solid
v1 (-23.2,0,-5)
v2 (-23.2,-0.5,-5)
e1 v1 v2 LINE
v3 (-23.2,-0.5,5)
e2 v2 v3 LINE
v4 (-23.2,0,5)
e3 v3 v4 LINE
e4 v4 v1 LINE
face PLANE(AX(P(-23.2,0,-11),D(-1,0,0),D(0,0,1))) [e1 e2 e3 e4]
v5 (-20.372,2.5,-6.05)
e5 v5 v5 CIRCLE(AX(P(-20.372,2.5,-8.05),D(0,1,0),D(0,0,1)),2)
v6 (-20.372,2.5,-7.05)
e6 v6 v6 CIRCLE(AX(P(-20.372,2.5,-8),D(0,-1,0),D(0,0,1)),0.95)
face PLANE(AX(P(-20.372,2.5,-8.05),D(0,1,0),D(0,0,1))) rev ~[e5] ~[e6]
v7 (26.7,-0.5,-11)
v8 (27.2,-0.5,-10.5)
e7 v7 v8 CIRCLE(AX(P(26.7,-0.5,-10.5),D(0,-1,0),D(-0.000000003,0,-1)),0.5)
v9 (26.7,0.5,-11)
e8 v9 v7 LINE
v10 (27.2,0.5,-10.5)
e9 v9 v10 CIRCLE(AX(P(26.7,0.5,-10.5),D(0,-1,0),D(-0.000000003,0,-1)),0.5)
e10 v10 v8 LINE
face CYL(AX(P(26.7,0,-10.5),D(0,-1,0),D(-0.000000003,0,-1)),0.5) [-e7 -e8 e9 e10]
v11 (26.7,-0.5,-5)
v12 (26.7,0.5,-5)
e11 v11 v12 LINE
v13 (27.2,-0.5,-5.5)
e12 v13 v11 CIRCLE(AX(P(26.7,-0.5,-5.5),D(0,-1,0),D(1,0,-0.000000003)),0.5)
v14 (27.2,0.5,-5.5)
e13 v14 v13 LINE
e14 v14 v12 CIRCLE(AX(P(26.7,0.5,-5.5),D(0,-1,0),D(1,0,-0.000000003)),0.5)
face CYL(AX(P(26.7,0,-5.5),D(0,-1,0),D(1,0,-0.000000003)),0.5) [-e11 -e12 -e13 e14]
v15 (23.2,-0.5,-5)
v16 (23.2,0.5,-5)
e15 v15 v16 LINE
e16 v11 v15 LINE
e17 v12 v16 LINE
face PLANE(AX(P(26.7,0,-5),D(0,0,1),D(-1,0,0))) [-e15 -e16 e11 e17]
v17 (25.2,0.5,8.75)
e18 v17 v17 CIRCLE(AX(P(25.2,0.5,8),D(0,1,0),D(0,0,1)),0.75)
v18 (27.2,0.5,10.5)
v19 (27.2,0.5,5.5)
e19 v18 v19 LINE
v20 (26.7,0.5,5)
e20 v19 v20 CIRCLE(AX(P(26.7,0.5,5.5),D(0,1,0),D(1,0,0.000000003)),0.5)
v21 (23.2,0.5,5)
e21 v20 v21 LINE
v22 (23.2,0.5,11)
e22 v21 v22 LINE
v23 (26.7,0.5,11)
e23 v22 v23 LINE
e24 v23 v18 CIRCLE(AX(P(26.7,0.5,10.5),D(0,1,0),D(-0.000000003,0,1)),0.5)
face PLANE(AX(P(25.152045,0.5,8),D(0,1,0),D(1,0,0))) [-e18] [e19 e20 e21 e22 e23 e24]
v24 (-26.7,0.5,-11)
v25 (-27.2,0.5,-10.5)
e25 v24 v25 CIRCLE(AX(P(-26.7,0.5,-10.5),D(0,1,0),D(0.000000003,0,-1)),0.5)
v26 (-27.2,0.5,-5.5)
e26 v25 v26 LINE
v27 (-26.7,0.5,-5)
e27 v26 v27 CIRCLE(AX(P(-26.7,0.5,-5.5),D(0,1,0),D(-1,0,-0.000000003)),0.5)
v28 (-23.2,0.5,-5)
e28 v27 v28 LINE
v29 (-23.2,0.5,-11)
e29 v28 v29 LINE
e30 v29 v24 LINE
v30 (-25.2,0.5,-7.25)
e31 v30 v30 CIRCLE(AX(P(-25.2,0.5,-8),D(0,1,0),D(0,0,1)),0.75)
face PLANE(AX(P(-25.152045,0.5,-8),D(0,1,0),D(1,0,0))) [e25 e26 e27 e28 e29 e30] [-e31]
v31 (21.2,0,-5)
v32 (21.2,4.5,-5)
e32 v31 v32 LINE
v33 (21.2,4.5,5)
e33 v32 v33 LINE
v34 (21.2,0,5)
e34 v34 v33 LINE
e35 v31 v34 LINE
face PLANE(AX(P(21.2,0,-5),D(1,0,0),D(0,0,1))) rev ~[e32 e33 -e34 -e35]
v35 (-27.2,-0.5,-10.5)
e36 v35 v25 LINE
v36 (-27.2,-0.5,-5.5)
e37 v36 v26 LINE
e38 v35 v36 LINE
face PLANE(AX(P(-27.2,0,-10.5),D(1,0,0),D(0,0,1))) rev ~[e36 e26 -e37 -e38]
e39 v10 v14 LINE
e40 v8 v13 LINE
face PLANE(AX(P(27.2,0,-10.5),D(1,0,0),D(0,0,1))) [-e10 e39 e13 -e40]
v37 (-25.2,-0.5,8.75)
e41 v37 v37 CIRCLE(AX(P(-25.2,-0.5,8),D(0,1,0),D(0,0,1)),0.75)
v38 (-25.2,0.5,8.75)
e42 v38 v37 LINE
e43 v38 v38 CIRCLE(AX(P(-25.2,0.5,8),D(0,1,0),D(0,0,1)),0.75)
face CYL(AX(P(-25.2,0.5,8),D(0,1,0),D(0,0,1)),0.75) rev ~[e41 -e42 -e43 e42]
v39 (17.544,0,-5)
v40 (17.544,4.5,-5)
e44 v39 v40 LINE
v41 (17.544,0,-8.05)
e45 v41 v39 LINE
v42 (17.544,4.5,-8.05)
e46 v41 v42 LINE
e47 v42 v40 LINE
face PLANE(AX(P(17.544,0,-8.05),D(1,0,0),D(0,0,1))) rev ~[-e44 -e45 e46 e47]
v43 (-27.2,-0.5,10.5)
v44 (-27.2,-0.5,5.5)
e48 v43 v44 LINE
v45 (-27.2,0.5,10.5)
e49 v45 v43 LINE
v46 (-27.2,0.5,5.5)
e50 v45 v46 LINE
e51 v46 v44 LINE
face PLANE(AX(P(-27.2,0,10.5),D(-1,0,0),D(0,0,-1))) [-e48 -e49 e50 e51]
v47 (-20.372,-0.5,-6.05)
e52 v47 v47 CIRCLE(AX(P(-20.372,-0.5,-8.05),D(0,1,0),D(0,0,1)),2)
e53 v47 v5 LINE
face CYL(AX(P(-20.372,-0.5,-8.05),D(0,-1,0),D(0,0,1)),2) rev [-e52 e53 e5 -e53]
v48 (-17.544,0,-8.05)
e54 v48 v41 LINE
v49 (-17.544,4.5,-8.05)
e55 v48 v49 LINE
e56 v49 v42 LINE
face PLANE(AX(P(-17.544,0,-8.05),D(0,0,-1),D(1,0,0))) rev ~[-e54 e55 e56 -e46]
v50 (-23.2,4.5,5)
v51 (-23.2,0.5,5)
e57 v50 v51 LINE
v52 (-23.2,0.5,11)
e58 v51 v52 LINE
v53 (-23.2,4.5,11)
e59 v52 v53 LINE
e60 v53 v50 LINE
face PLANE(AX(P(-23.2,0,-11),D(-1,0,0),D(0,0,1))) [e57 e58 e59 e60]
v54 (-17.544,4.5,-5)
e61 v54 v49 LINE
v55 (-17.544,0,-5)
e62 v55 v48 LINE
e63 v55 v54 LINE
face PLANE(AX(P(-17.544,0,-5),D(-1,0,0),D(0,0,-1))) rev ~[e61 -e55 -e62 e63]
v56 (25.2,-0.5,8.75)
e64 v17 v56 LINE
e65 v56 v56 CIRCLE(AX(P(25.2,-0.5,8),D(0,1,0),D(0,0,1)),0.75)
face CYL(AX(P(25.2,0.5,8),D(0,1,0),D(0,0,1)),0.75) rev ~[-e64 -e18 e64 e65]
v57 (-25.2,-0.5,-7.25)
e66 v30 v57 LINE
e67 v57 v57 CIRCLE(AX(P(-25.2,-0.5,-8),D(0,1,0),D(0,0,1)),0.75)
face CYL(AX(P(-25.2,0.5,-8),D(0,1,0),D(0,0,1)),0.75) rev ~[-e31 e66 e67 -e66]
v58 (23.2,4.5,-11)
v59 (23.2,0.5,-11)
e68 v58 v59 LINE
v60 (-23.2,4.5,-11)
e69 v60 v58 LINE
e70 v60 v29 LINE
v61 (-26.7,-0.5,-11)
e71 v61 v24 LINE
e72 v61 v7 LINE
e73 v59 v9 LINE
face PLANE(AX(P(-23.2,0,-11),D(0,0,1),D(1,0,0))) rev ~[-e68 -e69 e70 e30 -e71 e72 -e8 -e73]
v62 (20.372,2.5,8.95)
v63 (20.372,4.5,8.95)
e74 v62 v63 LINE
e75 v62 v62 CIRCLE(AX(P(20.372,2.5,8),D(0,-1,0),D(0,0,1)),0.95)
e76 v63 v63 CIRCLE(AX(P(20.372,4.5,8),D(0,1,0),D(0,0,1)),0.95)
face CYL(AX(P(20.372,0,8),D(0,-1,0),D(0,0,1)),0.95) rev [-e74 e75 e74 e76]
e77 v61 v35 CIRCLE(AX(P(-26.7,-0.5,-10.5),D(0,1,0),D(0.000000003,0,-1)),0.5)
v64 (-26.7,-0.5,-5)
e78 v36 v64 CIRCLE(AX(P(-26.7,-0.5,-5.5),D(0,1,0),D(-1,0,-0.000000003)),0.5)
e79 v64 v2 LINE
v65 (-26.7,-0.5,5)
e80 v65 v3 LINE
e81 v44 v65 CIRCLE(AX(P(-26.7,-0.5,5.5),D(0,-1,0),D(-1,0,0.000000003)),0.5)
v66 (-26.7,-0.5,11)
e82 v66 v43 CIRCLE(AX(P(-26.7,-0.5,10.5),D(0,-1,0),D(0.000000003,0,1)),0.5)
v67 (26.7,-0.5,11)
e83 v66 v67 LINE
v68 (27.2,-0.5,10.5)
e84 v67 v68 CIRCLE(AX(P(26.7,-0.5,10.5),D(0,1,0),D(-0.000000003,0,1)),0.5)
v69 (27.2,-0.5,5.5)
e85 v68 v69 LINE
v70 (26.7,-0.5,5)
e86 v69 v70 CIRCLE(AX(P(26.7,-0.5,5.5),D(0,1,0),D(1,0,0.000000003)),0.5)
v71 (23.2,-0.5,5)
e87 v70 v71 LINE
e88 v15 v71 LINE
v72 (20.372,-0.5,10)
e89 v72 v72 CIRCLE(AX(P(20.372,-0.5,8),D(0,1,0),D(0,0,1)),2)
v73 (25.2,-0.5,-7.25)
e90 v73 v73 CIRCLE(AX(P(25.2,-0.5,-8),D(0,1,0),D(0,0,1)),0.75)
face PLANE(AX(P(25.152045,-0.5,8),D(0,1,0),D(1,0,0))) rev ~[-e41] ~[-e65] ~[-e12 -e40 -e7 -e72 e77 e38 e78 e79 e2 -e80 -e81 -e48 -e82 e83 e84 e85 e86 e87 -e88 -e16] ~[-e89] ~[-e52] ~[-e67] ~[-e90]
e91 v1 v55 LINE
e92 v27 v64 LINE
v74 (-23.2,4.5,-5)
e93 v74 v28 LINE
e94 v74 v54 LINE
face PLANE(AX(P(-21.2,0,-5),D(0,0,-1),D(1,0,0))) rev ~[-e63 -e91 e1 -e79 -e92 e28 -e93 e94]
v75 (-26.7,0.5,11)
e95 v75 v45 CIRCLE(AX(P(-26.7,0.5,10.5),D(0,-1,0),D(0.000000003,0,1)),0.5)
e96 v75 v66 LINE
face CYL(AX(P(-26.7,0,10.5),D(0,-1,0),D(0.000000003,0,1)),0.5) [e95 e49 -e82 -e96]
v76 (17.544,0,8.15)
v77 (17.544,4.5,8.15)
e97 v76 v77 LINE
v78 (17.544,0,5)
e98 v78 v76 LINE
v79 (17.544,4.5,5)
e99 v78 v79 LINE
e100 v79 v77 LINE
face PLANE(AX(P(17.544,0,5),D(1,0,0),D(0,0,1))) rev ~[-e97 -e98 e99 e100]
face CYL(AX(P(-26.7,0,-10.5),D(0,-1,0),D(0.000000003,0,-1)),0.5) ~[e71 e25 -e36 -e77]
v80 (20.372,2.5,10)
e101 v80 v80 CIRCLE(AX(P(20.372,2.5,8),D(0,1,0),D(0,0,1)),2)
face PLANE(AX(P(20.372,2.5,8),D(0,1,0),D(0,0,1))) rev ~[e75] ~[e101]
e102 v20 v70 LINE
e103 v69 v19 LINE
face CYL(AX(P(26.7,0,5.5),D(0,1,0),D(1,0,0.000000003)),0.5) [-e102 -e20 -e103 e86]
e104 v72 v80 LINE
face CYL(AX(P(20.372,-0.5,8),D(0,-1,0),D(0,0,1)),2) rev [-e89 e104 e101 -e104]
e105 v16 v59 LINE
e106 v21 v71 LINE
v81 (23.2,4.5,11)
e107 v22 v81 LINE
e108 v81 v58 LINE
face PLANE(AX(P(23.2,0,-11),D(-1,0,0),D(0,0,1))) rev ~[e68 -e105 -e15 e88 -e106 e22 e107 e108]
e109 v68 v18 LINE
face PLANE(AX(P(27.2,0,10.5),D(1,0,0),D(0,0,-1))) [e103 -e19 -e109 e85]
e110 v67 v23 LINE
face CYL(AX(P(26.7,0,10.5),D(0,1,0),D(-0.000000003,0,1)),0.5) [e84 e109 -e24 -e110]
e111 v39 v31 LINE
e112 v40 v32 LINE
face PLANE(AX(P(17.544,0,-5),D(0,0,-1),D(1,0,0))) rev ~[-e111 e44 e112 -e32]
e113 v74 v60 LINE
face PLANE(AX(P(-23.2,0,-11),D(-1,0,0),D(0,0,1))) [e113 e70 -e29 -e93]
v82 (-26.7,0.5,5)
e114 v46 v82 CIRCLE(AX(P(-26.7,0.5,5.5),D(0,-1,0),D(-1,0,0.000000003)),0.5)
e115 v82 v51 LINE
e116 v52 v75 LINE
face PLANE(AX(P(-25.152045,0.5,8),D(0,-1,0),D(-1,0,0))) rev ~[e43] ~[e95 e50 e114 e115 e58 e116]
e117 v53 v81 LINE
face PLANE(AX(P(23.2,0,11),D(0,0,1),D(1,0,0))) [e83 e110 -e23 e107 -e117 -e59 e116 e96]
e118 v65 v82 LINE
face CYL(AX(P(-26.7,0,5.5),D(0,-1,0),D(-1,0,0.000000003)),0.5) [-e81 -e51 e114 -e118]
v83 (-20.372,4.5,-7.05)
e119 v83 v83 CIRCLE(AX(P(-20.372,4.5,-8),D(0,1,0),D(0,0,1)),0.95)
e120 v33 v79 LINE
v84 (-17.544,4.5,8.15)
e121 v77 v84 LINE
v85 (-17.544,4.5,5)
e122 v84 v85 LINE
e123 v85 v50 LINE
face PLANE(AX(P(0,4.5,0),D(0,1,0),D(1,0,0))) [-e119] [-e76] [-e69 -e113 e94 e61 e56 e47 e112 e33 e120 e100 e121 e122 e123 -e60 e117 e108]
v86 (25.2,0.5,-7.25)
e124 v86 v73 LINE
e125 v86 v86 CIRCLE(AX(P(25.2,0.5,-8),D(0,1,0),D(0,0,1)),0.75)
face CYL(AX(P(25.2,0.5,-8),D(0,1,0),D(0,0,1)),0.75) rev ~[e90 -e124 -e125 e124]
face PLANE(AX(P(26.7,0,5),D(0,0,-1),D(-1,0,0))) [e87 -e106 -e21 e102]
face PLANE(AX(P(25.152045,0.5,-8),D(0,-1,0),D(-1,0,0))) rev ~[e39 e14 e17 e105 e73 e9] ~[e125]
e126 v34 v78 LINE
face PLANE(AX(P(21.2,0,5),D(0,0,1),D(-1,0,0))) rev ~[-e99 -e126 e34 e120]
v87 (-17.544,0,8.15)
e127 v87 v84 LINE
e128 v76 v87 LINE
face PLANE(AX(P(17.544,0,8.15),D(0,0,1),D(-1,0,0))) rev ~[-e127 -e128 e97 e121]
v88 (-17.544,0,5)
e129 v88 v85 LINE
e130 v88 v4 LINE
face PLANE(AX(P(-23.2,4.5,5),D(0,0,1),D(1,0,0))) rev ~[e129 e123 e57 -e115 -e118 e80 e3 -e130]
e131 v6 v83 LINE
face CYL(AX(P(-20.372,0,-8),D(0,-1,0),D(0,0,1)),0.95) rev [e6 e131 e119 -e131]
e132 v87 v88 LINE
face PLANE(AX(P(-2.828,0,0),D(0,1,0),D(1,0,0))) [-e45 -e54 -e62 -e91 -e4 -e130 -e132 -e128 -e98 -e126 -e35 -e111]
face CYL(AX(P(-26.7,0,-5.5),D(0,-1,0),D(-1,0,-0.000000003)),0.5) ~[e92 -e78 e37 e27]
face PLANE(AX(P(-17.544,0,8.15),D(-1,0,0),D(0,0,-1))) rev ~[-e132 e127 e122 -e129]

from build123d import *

# Parameters (mm, degrees)
ESBO_O1_W                = 46.4
ESBO_O1_H                = 22
ESBO_O1_R                = 0.95
RESSALTO_EXTRUS_O1_DEPTH = 4.5
ESBO_O2_W                = 46.4
ESBO_O2_H                = 22
RESSALTO_EXTRUS_O2_DEPTH = 0.5
ESBO_O4_R                = 1.05
CORTE_EXTRUS_O2_DEPTH    = 10.5
ESBO_O8_R                = 2
CORTE_EXTRUS_O3_DEPTH    = 3
RESSALTO_EXTRUS_O3_DEPTH = 0.5
ESBO_O11_R               = 0.75
CORTE_EXTRUS_O5_DEPTH    = 10
ESBO_O12_W               = 40.744
ESBO_O12_H               = 10
CORTE_EXTRUS_O6_DEPTH    = 4.5


with BuildPart() as part:
    # Esboço1 → Ressalto-extrusão1 (new body)
    with BuildSketch(Plane(origin=(0, 0, 0), x_dir=(1, 0, 0), z_dir=(0, 1, 0))):
        Rectangle(ESBO_O1_W, ESBO_O1_H)
        with Locations(Location((20.372, -8, 0), (0, 0, 270))):
            Circle(ESBO_O1_R, mode=Mode.SUBTRACT)
        with Locations(Location((-20.372, 8, 0), (0, 0, 270))):
            Circle(ESBO_O1_R, mode=Mode.SUBTRACT)
        Polygon((-21.2, 5), (-17.544, 5), (-17.544, 8.05), (17.544, 8.05), (17.544, 5), (21.2, 5), (21.2, -5), (17.544, -5), (17.544, -8.15), (-17.544, -8.15), (-17.544, -5), (-21.2, -5), align=None, mode=Mode.SUBTRACT)
    extrude(amount=RESSALTO_EXTRUS_O1_DEPTH)

    # Esboço2 → Ressalto-extrusão2 (add)
    with BuildSketch(Plane.XZ):
        Rectangle(ESBO_O2_W, ESBO_O2_H)
    extrude(amount=RESSALTO_EXTRUS_O2_DEPTH)

    # Esboço4 → Corte-extrusão2 (cut)
    with BuildSketch(Plane(origin=(0, 0, 0), x_dir=(1, 0, 0), z_dir=(0, 1, 0))):
        with Locations(Location((20.372, -8, 0), (0, 0, 270))):
            Circle(ESBO_O4_R)
        with Locations(Location((-20.372, 8, 0), (0, 0, 270))):
            Circle(ESBO_O4_R)
    extrude(amount=-CORTE_EXTRUS_O2_DEPTH, mode=Mode.SUBTRACT)

    # Esboço8 → Corte-extrusão3 (cut)
    with BuildSketch(Plane(origin=(0, -0.5, 0), x_dir=(1, 0, 0), z_dir=(0, 1, 0))):
        with Locations(Location((20.372, -8, 0), (0, 0, 270))):
            Circle(ESBO_O8_R)
        with Locations(Location((-20.372, 8.05, 0), (0, 0, 270))):
            Circle(ESBO_O8_R)
    extrude(amount=CORTE_EXTRUS_O3_DEPTH, mode=Mode.SUBTRACT)

    # Esboço10 → Ressalto-extrusão3 (add, symmetric)
    with BuildSketch(Plane(origin=(0, 0, 0), x_dir=(1, 0, 0), z_dir=(0, 1, 0))):
        with BuildLine():
            Line((-23.2, 11), (-26.7, 11))
            ThreePointArc((-26.7, 11), (-27.053553391, 10.853553391), (-27.2, 10.5))
            Line((-27.2, 10.5), (-27.2, 5.5))
            ThreePointArc((-27.2, 5.5), (-27.053553391, 5.146446609), (-26.7, 5))
            Line((-26.7, 5), (-23.2, 5))
            Line((-23.2, 5), (-23.2, 11))
        make_face()
        with BuildLine():
            Line((-23.2, -11), (-26.7, -11))
            ThreePointArc((-26.7, -11), (-27.053553391, -10.853553391), (-27.2, -10.5))
            Line((-27.2, -10.5), (-27.2, -5.5))
            ThreePointArc((-27.2, -5.5), (-27.053553391, -5.146446609), (-26.7, -5))
            Line((-26.7, -5), (-23.2, -5))
            Line((-23.2, -5), (-23.2, -11))
        make_face()
        with BuildLine():
            Line((23.2, 11), (26.7, 11))
            ThreePointArc((26.7, 11), (27.053553391, 10.853553391), (27.2, 10.5))
            Line((27.2, 10.5), (27.2, 5.5))
            ThreePointArc((27.2, 5.5), (27.053553391, 5.146446609), (26.7, 5))
            Line((26.7, 5), (23.2, 5))
            Line((23.2, 5), (23.2, 11))
        make_face()
        with BuildLine():
            Line((23.2, -11), (26.7, -11))
            ThreePointArc((26.7, -11), (27.053553391, -10.853553391), (27.2, -10.5))
            Line((27.2, -10.5), (27.2, -5.5))
            ThreePointArc((27.2, -5.5), (27.053553391, -5.146446609), (26.7, -5))
            Line((26.7, -5), (23.2, -5))
            Line((23.2, -5), (23.2, -11))
        make_face()
    extrude(amount=RESSALTO_EXTRUS_O3_DEPTH, both=True)

    # Esboço11 → Corte-extrusão5 (cut)
    with BuildSketch(Plane(origin=(0, 0.5, 0), x_dir=(1, 0, 0), z_dir=(0, 1, 0))):
        with Locations(Location((-25.2, 8, 0), (0, 0, 270))):
            Circle(ESBO_O11_R)
        with Locations(Location((-25.2, -8, 0), (0, 0, 270))):
            Circle(ESBO_O11_R)
        with Locations(Location((25.2, -8, 0), (0, 0, 270))):
            Circle(ESBO_O11_R)
        with Locations(Location((25.2, 8, 0), (0, 0, 270))):
            Circle(ESBO_O11_R)
    extrude(amount=-CORTE_EXTRUS_O5_DEPTH, mode=Mode.SUBTRACT)

    # Esboço12 → Corte-extrusão6 (cut)
    with BuildSketch(Plane(origin=(0, 4.5, 0), x_dir=(1, 0, 0), z_dir=(0, 1, 0))):
        with Locations((-2.828, 0)):
            Rectangle(ESBO_O12_W, ESBO_O12_H)
    extrude(amount=-CORTE_EXTRUS_O6_DEPTH, mode=Mode.SUBTRACT)


solid = part.part
